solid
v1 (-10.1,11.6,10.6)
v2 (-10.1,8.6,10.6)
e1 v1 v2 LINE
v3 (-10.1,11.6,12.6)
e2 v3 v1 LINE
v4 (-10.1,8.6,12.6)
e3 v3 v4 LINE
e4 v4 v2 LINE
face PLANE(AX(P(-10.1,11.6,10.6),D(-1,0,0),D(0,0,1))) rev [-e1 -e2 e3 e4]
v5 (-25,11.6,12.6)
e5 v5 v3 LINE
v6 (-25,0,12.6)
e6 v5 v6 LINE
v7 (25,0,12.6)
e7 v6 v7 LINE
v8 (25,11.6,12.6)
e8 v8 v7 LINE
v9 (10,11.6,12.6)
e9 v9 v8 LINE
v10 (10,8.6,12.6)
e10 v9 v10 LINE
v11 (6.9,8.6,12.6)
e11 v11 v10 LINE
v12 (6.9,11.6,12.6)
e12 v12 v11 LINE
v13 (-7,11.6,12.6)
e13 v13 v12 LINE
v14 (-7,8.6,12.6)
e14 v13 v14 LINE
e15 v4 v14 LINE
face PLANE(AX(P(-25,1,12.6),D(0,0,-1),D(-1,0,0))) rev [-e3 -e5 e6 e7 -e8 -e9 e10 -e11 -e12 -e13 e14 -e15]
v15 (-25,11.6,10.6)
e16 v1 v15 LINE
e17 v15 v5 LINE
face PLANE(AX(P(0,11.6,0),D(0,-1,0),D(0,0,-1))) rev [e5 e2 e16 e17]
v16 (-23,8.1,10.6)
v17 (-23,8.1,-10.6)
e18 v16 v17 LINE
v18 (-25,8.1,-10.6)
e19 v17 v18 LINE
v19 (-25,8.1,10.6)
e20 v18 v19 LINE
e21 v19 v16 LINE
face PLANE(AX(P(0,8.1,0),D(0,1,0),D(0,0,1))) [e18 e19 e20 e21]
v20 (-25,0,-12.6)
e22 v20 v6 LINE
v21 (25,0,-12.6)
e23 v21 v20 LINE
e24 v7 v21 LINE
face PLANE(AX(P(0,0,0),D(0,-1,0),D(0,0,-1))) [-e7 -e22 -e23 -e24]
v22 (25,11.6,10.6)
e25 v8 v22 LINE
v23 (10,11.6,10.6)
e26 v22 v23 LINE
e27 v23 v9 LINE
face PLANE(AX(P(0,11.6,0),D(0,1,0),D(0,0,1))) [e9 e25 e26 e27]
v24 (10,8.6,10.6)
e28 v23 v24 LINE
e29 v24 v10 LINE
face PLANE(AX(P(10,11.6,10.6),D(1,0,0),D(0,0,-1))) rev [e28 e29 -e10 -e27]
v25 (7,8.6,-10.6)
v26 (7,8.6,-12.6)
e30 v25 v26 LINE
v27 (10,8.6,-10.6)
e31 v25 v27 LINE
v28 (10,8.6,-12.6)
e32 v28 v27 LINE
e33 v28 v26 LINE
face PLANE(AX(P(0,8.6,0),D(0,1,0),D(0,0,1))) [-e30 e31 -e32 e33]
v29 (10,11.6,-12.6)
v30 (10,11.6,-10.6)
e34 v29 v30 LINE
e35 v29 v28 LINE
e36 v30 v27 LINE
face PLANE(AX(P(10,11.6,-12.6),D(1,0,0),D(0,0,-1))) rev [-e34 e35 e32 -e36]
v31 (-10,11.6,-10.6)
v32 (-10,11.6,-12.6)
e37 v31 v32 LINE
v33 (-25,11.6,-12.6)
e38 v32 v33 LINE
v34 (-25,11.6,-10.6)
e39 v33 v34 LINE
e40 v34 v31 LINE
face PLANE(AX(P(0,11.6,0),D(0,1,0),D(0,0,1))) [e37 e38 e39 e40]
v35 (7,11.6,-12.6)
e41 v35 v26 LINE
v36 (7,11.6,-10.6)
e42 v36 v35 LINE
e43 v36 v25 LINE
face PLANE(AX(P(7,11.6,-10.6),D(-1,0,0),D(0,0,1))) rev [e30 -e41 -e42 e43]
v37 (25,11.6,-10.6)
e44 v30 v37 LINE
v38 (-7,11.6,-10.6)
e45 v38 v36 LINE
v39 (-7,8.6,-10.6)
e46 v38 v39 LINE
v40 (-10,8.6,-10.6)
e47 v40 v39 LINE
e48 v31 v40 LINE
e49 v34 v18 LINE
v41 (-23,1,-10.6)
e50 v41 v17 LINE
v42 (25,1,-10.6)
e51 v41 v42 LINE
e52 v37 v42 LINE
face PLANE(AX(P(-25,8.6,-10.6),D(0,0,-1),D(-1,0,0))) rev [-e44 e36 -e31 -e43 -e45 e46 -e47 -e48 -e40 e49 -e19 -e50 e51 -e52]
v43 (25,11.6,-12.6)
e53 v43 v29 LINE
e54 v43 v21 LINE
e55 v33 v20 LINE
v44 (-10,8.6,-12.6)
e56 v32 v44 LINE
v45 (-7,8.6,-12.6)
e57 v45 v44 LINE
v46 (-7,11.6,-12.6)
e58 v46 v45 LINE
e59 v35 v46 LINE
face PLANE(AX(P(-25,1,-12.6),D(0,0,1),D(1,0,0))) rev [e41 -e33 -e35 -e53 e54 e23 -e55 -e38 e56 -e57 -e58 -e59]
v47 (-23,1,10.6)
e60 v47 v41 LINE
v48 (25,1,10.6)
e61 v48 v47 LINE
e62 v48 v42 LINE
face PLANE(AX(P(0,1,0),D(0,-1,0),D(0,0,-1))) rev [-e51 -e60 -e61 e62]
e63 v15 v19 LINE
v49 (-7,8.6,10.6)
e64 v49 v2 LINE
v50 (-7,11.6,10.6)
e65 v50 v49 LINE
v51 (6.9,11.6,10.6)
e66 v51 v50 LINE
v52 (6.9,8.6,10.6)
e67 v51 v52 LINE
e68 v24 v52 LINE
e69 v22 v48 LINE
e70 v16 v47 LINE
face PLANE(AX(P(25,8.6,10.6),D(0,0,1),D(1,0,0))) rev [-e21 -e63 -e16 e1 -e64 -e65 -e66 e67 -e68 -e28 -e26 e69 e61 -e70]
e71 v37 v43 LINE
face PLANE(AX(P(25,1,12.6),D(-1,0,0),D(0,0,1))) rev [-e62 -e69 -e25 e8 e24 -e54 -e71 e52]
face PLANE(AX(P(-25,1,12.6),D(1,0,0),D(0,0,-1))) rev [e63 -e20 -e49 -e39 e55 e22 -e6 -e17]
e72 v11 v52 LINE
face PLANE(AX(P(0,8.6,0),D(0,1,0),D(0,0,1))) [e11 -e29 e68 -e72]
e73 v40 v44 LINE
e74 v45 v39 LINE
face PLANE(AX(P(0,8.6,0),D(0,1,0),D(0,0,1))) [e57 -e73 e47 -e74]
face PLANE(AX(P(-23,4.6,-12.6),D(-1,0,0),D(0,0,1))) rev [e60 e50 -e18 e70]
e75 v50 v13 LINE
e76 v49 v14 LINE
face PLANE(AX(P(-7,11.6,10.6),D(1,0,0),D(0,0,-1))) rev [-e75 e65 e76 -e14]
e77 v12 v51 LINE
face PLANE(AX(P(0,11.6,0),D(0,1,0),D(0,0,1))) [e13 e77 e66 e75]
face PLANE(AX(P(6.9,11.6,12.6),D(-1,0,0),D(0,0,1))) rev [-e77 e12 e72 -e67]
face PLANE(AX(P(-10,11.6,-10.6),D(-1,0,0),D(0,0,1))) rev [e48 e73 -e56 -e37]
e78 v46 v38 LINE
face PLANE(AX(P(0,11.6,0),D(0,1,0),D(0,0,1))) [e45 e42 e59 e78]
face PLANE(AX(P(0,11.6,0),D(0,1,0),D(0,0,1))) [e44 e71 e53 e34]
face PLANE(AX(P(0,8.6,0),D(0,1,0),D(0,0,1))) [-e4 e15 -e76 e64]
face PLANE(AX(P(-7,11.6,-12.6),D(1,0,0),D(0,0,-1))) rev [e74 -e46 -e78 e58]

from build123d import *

# Parameters (mm, degrees)
SKETCH_1_W      = 50
SKETCH_1_H      = 25.2
EXTRUDE_1_DEPTH = 1
SKETCH_2_W      = 50
SKETCH_2_H      = 2
EXTRUDE_2_DEPTH = 7.6
SKETCH_4_W      = 15
SKETCH_4_H      = 2
SKETCH_4_W_2    = 14
EXTRUDE_3_DEPTH = 3
SKETCH_5_W      = 14.9
SKETCH_5_H      = 2
SKETCH_5_W_2    = 13.9
SKETCH_5_W_3    = 15
EXTRUDE_4_DEPTH = 3
SKETCH_6_W      = 2
SKETCH_6_H      = 25.2
EXTRUDE_5_DEPTH = 3.6
SKETCH_7_W      = 2
SKETCH_7_H      = 21.2
EXTRUDE_6_DEPTH = 3.5


with BuildPart() as part:
    # 草图1 → 凸台-拉伸1 (new body)
    with BuildSketch(Plane(origin=(0, 0, 0), x_dir=(1, 0, 0), z_dir=(0, 1, 0))):
        Rectangle(SKETCH_1_W, SKETCH_1_H)
    extrude(amount=EXTRUDE_1_DEPTH)

    # 草图2 → 凸台-拉伸2 (add)
    with BuildSketch(Plane(origin=(0, 1, 0), x_dir=(1, 0, 0), z_dir=(0, 1, 0))):
        with Locations((0, 11.6)):
            Rectangle(SKETCH_2_W, SKETCH_2_H)
        with Locations((0, -11.6)):
            Rectangle(SKETCH_2_W, SKETCH_2_H)
    extrude(amount=EXTRUDE_2_DEPTH)

    # 草图4 → 凸台-拉伸3 (add)
    with BuildSketch(Plane(origin=(0, 8.6, 0), x_dir=(1, 0, 0), z_dir=(0, 1, 0))):
        with Locations((-17.5, 11.6)):
            Rectangle(SKETCH_4_W, SKETCH_4_H)
        with Locations((0, 11.6)):
            Rectangle(SKETCH_4_W_2, SKETCH_4_H)
        with Locations((17.5, 11.6)):
            Rectangle(SKETCH_4_W, SKETCH_4_H)
    extrude(amount=EXTRUDE_3_DEPTH)

    # 草图5 → 凸台-拉伸4 (add)
    with BuildSketch(Plane(origin=(0, 8.6, 0), x_dir=(1, 0, 0), z_dir=(0, 1, 0))):
        with Locations((-17.55, -11.6)):
            Rectangle(SKETCH_5_W, SKETCH_5_H)
        with Locations((-0.05, -11.6)):
            Rectangle(SKETCH_5_W_2, SKETCH_5_H)
        with Locations((17.5, -11.6)):
            Rectangle(SKETCH_5_W_3, SKETCH_5_H)
    extrude(amount=EXTRUDE_4_DEPTH)

    # 草图6 → 凸台-拉伸5 (add)
    with BuildSketch(Plane(origin=(0, 1, 0), x_dir=(1, 0, 0), z_dir=(0, 1, 0))):
        with Locations((-24, 0)):
            Rectangle(SKETCH_6_W, SKETCH_6_H)
    extrude(amount=EXTRUDE_5_DEPTH)

    # 草图7 → 凸台-拉伸6 (add)
    with BuildSketch(Plane(origin=(0, 4.6, 0), x_dir=(1, 0, 0), z_dir=(0, 1, 0))):
        with Locations((-24, 0)):
            Rectangle(SKETCH_7_W, SKETCH_7_H)
    extrude(amount=EXTRUDE_6_DEPTH)


solid = part.part
